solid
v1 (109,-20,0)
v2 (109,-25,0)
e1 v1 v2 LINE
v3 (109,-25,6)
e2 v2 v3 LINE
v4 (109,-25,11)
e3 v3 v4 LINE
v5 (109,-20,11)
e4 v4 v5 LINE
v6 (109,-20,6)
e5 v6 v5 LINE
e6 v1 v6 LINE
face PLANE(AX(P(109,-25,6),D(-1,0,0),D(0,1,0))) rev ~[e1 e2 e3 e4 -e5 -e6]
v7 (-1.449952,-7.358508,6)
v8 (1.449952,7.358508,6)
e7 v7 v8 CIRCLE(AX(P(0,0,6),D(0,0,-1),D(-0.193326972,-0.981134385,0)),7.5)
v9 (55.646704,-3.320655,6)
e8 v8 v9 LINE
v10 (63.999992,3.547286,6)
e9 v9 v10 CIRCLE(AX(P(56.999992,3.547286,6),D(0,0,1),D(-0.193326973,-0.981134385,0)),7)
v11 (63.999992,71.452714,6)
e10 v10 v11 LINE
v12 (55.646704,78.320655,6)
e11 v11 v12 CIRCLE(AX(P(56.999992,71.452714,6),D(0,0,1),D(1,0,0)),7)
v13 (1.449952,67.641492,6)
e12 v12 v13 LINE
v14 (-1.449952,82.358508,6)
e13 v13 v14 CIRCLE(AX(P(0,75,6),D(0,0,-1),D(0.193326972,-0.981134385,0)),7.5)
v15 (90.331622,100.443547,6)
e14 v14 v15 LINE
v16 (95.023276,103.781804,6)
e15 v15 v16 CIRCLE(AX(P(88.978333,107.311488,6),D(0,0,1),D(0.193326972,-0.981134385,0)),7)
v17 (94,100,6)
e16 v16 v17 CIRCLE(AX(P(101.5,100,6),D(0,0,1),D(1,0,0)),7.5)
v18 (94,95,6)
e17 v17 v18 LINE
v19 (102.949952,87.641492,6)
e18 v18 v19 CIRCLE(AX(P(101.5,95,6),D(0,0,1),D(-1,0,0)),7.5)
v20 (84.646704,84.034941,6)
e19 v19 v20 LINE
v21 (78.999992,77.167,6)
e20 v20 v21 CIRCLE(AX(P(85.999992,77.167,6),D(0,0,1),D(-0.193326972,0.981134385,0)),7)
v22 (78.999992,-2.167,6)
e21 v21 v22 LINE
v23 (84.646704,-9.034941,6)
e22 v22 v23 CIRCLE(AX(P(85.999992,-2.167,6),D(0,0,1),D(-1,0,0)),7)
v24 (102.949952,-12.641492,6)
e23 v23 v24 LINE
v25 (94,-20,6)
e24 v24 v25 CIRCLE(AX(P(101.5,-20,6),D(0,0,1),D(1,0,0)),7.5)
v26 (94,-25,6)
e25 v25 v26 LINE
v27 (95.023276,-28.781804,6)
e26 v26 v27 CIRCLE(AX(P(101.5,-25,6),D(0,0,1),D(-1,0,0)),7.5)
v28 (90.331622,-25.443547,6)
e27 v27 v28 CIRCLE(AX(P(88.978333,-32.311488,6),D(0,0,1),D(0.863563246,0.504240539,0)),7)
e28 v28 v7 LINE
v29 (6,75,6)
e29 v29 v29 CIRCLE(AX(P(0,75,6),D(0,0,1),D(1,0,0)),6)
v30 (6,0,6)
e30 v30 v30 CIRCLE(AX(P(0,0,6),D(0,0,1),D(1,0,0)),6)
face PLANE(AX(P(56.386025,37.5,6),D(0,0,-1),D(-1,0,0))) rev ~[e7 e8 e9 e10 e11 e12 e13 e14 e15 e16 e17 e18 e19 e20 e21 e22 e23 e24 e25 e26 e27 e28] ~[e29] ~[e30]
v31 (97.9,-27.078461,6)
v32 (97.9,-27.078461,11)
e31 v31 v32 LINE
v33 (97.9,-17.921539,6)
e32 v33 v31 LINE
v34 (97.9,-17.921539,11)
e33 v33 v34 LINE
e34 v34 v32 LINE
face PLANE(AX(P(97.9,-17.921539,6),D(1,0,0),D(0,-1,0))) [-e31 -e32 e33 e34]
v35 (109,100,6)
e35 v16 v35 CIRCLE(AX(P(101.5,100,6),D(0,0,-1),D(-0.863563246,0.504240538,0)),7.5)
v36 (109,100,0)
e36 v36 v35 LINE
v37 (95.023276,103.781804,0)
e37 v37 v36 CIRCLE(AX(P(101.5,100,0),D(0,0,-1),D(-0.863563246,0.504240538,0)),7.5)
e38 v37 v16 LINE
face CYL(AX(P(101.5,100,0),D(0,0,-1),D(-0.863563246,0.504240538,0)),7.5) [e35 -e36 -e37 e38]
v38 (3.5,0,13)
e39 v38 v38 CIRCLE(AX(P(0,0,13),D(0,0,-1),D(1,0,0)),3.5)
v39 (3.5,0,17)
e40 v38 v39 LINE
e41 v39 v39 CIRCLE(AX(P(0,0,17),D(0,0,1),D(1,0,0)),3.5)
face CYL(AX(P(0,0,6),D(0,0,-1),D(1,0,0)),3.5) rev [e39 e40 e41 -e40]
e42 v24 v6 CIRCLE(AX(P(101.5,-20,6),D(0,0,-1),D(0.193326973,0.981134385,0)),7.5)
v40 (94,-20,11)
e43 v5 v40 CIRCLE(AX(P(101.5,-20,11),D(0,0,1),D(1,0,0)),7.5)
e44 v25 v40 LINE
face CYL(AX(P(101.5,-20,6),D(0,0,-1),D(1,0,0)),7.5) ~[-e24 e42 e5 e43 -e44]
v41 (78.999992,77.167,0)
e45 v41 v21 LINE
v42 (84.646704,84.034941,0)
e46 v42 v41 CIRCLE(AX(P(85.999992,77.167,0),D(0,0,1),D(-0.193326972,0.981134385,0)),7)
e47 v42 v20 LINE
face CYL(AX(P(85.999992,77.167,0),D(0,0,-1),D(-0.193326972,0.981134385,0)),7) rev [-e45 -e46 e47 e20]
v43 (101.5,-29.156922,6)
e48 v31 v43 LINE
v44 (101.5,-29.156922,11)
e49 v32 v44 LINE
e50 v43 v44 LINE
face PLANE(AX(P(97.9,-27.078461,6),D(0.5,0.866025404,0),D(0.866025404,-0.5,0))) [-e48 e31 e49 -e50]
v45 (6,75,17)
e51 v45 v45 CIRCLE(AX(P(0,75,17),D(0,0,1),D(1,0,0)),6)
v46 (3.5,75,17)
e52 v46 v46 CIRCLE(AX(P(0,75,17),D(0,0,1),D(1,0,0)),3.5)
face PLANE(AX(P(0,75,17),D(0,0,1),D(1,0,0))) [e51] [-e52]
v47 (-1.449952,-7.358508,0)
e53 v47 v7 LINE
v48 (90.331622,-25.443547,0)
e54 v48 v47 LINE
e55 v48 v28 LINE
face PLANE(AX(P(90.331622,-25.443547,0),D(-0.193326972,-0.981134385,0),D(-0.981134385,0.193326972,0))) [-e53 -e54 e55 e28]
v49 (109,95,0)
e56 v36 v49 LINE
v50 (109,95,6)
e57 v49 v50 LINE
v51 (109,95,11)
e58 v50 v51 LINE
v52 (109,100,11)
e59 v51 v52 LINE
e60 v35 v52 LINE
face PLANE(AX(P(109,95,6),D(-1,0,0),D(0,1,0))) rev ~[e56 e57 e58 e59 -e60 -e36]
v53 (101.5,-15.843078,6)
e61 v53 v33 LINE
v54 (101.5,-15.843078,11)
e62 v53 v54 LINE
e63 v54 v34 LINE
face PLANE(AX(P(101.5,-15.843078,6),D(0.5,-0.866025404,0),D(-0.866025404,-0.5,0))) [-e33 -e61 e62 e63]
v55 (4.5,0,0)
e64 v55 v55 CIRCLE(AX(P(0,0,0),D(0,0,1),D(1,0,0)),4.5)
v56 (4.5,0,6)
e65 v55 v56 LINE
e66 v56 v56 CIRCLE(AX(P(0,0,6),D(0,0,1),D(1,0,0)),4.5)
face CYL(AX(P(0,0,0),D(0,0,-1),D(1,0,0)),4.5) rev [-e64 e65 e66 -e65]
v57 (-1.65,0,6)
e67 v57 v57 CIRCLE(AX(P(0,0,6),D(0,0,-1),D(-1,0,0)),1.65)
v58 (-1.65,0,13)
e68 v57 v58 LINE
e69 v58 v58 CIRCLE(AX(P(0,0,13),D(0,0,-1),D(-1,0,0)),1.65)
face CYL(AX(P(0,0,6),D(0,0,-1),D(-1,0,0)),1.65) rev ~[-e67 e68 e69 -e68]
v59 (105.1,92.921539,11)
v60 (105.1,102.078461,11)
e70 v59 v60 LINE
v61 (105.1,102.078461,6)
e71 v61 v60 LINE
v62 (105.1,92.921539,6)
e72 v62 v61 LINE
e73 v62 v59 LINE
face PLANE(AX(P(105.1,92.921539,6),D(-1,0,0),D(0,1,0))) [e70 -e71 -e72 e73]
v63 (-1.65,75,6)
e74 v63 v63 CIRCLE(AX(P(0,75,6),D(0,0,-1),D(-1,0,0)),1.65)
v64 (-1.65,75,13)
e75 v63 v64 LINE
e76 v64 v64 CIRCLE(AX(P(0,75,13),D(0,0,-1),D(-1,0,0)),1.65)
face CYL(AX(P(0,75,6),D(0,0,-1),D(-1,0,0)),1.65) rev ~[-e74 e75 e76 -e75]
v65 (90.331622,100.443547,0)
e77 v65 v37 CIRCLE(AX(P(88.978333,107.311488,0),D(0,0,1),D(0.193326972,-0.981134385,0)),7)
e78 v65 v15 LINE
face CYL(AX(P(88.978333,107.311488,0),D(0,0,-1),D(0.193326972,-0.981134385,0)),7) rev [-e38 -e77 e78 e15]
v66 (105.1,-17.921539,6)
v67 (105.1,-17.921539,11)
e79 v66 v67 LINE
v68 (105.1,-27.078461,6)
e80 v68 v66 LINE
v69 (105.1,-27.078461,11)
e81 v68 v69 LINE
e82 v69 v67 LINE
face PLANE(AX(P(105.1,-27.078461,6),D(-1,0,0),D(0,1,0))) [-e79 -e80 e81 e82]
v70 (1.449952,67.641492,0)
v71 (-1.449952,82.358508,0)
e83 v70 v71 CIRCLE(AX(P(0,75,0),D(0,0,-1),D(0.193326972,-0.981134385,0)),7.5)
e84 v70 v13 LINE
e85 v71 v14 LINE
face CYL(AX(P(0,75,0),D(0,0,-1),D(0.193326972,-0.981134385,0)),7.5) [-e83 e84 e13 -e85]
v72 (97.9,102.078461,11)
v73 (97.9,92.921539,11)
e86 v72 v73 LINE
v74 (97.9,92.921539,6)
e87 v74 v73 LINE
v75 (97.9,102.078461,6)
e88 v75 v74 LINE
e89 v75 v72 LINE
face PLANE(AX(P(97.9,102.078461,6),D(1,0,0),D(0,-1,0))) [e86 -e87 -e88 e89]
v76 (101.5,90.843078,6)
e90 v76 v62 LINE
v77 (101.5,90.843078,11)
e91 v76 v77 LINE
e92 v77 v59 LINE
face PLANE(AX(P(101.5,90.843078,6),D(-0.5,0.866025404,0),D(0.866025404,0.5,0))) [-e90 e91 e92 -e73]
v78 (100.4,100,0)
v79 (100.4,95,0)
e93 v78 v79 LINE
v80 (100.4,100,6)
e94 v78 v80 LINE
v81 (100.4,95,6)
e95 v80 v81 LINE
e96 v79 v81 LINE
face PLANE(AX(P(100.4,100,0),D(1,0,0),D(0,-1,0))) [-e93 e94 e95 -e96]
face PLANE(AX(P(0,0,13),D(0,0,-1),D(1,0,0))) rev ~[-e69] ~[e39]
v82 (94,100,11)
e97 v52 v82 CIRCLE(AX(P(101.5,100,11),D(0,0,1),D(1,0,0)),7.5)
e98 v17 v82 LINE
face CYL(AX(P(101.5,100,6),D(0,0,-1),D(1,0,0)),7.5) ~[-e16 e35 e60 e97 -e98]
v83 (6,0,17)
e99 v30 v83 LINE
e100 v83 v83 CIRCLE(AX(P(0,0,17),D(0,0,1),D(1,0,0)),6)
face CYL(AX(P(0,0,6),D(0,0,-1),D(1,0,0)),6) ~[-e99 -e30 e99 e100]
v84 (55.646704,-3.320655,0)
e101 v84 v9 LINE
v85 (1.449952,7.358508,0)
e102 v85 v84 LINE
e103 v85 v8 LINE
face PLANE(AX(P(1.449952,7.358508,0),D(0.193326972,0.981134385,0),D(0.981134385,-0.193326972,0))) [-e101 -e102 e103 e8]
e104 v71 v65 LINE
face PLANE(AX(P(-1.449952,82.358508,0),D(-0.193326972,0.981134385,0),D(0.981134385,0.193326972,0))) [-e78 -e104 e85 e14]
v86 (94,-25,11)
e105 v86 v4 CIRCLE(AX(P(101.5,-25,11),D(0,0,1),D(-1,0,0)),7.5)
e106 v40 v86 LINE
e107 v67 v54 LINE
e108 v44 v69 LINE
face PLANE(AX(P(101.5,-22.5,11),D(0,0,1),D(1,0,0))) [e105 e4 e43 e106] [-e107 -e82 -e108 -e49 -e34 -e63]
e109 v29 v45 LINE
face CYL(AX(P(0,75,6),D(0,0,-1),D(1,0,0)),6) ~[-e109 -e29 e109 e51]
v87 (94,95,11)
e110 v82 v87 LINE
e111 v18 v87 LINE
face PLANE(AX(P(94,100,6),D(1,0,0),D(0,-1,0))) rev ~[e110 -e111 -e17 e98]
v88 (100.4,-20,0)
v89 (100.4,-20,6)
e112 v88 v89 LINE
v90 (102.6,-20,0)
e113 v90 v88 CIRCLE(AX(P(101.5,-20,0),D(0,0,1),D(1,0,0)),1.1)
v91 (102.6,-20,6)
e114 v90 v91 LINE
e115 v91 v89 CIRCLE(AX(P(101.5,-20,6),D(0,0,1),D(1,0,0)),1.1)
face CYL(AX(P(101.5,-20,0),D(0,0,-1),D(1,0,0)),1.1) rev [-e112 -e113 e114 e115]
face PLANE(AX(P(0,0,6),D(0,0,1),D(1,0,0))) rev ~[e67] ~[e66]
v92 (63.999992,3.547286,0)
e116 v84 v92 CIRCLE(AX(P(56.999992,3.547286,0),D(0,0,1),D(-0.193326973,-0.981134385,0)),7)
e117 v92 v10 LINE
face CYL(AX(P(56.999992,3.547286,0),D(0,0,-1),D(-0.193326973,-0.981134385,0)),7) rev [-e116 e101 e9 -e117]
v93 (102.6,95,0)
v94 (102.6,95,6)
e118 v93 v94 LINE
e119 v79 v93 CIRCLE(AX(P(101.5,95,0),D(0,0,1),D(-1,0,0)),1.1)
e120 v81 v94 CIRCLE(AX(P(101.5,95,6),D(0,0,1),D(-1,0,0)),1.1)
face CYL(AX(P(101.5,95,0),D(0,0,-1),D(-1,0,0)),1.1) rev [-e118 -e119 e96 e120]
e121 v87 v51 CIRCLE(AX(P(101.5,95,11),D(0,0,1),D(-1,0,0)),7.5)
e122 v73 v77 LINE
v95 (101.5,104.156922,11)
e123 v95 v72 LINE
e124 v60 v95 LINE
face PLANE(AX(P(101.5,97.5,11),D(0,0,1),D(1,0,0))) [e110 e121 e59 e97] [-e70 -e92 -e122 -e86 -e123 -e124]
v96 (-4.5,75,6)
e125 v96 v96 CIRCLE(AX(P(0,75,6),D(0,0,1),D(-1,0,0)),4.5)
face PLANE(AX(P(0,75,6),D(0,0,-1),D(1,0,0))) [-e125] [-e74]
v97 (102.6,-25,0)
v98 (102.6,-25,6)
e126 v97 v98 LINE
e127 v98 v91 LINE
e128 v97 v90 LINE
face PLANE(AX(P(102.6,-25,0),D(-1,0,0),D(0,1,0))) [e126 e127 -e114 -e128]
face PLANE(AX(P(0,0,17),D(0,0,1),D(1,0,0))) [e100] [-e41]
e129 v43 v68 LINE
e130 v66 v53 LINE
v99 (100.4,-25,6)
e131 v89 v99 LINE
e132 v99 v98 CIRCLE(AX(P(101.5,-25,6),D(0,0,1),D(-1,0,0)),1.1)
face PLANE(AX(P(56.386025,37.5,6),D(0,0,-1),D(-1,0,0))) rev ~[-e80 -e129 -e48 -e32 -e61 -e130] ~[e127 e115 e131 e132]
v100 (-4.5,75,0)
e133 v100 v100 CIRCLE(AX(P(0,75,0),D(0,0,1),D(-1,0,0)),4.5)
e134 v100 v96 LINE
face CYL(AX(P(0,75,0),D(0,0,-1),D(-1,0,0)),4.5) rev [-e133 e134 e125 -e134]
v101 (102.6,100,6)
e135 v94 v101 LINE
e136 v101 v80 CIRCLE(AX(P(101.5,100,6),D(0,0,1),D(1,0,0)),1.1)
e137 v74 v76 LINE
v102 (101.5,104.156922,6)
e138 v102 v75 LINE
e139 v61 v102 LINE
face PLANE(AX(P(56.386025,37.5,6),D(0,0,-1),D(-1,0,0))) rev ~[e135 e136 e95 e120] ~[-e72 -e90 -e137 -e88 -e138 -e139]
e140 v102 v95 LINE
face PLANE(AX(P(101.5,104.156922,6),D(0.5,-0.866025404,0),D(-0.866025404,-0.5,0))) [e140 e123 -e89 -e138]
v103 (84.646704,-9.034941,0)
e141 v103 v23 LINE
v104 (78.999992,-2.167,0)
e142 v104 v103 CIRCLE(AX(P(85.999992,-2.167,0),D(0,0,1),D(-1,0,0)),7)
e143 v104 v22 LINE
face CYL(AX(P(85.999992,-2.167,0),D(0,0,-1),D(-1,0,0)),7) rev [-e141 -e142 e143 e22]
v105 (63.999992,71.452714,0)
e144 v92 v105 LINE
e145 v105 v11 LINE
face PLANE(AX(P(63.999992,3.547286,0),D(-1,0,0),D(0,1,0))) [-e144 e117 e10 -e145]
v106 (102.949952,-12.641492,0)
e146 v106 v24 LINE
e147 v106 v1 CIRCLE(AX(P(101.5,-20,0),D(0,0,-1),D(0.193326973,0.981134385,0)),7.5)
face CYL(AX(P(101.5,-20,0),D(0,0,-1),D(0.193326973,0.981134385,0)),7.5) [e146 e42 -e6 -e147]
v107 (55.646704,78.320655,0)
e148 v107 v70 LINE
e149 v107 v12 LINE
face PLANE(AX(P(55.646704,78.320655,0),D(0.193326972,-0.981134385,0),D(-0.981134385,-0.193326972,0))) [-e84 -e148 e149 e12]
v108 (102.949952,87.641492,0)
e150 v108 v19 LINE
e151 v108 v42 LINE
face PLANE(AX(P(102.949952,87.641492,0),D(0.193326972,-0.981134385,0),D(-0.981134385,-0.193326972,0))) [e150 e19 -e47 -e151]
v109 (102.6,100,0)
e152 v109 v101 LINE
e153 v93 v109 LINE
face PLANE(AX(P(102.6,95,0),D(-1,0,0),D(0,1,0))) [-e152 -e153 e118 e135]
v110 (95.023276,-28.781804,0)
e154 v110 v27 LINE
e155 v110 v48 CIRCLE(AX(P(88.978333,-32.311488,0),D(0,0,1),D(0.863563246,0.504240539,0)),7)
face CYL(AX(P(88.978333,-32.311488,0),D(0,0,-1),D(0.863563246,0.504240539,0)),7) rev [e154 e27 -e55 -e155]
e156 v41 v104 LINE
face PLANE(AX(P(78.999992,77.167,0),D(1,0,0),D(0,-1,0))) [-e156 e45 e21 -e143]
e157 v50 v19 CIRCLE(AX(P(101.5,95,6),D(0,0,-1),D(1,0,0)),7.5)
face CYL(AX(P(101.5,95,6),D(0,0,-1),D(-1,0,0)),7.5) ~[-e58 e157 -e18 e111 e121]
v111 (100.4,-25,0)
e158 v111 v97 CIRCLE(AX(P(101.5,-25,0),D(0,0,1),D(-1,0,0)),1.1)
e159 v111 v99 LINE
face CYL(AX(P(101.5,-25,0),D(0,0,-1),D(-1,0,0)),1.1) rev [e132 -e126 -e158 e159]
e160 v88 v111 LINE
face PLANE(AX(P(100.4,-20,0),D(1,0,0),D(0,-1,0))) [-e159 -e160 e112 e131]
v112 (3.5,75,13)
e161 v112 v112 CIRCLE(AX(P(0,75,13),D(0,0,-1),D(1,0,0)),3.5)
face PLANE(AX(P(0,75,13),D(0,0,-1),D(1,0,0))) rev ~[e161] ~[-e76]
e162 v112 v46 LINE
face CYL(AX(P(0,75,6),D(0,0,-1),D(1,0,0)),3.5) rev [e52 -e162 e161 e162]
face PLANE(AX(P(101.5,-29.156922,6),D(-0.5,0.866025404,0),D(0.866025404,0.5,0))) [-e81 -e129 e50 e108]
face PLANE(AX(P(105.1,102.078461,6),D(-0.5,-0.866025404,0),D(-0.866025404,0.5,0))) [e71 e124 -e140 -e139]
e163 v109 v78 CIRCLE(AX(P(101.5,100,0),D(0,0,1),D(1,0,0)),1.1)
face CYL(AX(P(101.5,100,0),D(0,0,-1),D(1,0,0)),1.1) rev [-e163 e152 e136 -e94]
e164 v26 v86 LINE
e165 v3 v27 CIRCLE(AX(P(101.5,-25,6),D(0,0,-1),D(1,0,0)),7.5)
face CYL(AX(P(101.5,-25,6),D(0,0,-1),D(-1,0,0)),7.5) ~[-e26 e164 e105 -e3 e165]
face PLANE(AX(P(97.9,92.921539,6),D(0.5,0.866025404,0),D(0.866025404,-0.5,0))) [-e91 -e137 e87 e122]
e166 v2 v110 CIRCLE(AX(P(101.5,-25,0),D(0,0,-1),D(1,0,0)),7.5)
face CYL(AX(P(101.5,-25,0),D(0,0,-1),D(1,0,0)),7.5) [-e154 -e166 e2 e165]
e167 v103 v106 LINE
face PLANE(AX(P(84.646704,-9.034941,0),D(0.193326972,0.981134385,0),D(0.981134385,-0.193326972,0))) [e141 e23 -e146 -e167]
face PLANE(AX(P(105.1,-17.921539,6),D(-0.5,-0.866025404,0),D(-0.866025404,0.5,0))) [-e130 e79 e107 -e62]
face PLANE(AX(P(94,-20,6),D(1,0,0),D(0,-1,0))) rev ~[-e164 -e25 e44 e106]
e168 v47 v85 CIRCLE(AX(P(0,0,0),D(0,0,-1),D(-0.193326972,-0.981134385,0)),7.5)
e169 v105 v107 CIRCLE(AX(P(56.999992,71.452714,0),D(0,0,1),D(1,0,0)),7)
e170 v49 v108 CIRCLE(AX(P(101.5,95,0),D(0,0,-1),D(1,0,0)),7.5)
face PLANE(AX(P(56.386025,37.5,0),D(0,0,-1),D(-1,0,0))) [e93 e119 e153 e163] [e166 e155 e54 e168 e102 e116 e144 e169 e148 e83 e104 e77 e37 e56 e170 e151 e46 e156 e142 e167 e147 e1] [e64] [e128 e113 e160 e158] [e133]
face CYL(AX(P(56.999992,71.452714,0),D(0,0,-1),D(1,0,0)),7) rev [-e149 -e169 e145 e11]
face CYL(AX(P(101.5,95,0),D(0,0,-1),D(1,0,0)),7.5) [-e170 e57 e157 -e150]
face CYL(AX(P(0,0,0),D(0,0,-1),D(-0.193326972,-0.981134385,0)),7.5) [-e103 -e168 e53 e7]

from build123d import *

# Parameters (mm, degrees)
SKETCH1_R           = 4.5
BOSS_EXTRUDE1_DEPTH = 6
SKETCH2_R           = 6
SKETCH2_R_2         = 3.5
BOSS_EXTRUDE2_DEPTH = 11
BOSS_EXTRUDE3_START = -6
SKETCH3_R           = 3.5
SKETCH3_R_2         = 1.65
BOSS_EXTRUDE3_DEPTH = 7
BOSS_EXTRUDE4_DEPTH = 5


with BuildPart() as part:
    # Sketch1 → Boss-Extrude1 (new body)
    with BuildSketch(Plane.XY):
        with BuildLine():
            Line((102.949952293, 87.641492111), (84.646703629, 84.03494065))
            ThreePointArc((84.646703629, 84.03494065), (80.592912741, 81.612614555), (78.999992436, 77.166999954))
            Line((78.999992436, 77.166999954), (78.999992436, -2.166999954))
            ThreePointArc((78.999992436, -2.166999954), (80.592912741, -6.612614555), (84.646703629, -9.03494065))
            Line((84.646703629, -9.03494065), (102.949952293, -12.641492111))
            ThreePointArc((102.949952293, -12.641492111), (107.293299673, -15.2368415), (109, -20))
            Line((109, -20), (109, -25))
            ThreePointArc((109, -25), (103.458898596, -32.239662719), (95.023275656, -28.781804036))
            ThreePointArc((95.023275656, -28.781804036), (93.036589613, -26.607931656), (90.331621742, -25.443547107))
            Line((90.331621742, -25.443547107), (-1.449952293, -7.358507889))
            ThreePointArc((-1.449952293, -7.358507889), (-7.358507889, 1.449952293), (1.449952293, 7.358507889))
            Line((1.449952293, 7.358507889), (55.646703629, -3.320654936))
            ThreePointArc((55.646703629, -3.320654936), (61.445607037, -1.859793935), (63.999992436, 3.54728576))
            Line((63.999992436, 3.54728576), (63.999992436, 71.45271424))
            ThreePointArc((63.999992436, 71.45271424), (61.445607037, 76.859793935), (55.646703629, 78.320654936))
            Line((55.646703629, 78.320654936), (1.449952293, 67.641492111))
            ThreePointArc((1.449952293, 67.641492111), (-7.358507889, 73.550047707), (-1.449952293, 82.358507889))
            Line((-1.449952293, 82.358507889), (90.331621742, 100.443547107))
            ThreePointArc((90.331621742, 100.443547107), (93.036589613, 101.607931655), (95.023275656, 103.781804036))
            ThreePointArc((95.023275656, 103.781804036), (103.458898596, 107.239662719), (109, 100))
            Line((109, 100), (109, 95))
            ThreePointArc((109, 95), (107.293299673, 90.2368415), (102.949952293, 87.641492111))
        make_face()
        Circle(SKETCH1_R, mode=Mode.SUBTRACT)
        with Locations(Location((0, 75, 0), (0, 0, 180))):
            Circle(SKETCH1_R, mode=Mode.SUBTRACT)
        with BuildLine():
            Line((102.6, -25), (102.6, -20))
            ThreePointArc((102.6, -20), (101.5, -18.9), (100.4, -20))
            Line((100.4, -20), (100.4, -25))
            ThreePointArc((100.4, -25), (101.5, -26.1), (102.6, -25))
        make_face(mode=Mode.SUBTRACT)
        with BuildLine():
            Line((100.4, 100), (100.4, 95))
            ThreePointArc((100.4, 95), (101.5, 93.9), (102.6, 95))
            Line((102.6, 95), (102.6, 100))
            ThreePointArc((102.6, 100), (101.5, 101.1), (100.4, 100))
        make_face(mode=Mode.SUBTRACT)
    extrude(amount=BOSS_EXTRUDE1_DEPTH)

    # Sketch2 → Boss-Extrude2 (add)
    # profile 1 of 2: a face of its own
    with BuildSketch(Plane.XY.offset(6)):
        with Locations((0, 75)):
            Circle(SKETCH2_R)
        with Locations((0, 75)):
            Circle(SKETCH2_R_2, mode=Mode.SUBTRACT)
    # profile 2 of 2: a face of its own
    with BuildSketch(Plane.XY.offset(6)):
        Circle(SKETCH2_R)
        Circle(SKETCH2_R_2, mode=Mode.SUBTRACT)
    extrude(amount=BOSS_EXTRUDE2_DEPTH)

    # Sketch3 → Boss-Extrude3 (add)
    # profile 1 of 2: a face of its own
    with BuildSketch(Plane(origin=(0, 0, 0), x_dir=(-1, 0, 0), z_dir=(0, 0, -1)).offset(BOSS_EXTRUDE3_START)):
        with Locations(Location((0, 75, 0), (0, 0, 180))):
            Circle(SKETCH3_R)
        with Locations((0, 75)):
            Circle(SKETCH3_R_2, mode=Mode.SUBTRACT)
    # profile 2 of 2: a face of its own
    with BuildSketch(Plane(origin=(0, 0, 0), x_dir=(-1, 0, 0), z_dir=(0, 0, -1)).offset(BOSS_EXTRUDE3_START)):
        with Locations(Location((0, 0, 0), (0, 0, 180))):
            Circle(SKETCH3_R)
        Circle(SKETCH3_R_2, mode=Mode.SUBTRACT)
    extrude(amount=-BOSS_EXTRUDE3_DEPTH)

    # Sketch4 → Boss-Extrude4 (add)
    # profile 1 of 2: a face of its own
    with BuildSketch(Plane.XY.offset(6)):
        with BuildLine():
            Line((94, -20), (94, -25))
            ThreePointArc((94, -25), (101.5, -32.5), (109, -25))
            Line((109, -25), (109, -20))
            ThreePointArc((109, -20), (101.5, -12.5), (94, -20))
        make_face()
        Polygon((101.5, -15.843078062), (97.9, -17.921539031), (97.9, -27.078460969), (101.5, -29.156921938), (105.1, -27.078460969), (105.1, -17.921539031), align=None, mode=Mode.SUBTRACT)
    # profile 2 of 2: a face of its own
    with BuildSketch(Plane.XY.offset(6)):
        with BuildLine():
            Line((94, 100), (94, 95))
            ThreePointArc((94, 95), (101.5, 87.5), (109, 95))
            Line((109, 95), (109, 100))
            ThreePointArc((109, 100), (101.5, 107.5), (94, 100))
        make_face()
        Polygon((101.5, 104.156921938), (97.9, 102.078460969), (97.9, 92.921539031), (101.5, 90.843078062), (105.1, 92.921539031), (105.1, 102.078460969), align=None, mode=Mode.SUBTRACT)
    extrude(amount=BOSS_EXTRUDE4_DEPTH)


solid = part.part
